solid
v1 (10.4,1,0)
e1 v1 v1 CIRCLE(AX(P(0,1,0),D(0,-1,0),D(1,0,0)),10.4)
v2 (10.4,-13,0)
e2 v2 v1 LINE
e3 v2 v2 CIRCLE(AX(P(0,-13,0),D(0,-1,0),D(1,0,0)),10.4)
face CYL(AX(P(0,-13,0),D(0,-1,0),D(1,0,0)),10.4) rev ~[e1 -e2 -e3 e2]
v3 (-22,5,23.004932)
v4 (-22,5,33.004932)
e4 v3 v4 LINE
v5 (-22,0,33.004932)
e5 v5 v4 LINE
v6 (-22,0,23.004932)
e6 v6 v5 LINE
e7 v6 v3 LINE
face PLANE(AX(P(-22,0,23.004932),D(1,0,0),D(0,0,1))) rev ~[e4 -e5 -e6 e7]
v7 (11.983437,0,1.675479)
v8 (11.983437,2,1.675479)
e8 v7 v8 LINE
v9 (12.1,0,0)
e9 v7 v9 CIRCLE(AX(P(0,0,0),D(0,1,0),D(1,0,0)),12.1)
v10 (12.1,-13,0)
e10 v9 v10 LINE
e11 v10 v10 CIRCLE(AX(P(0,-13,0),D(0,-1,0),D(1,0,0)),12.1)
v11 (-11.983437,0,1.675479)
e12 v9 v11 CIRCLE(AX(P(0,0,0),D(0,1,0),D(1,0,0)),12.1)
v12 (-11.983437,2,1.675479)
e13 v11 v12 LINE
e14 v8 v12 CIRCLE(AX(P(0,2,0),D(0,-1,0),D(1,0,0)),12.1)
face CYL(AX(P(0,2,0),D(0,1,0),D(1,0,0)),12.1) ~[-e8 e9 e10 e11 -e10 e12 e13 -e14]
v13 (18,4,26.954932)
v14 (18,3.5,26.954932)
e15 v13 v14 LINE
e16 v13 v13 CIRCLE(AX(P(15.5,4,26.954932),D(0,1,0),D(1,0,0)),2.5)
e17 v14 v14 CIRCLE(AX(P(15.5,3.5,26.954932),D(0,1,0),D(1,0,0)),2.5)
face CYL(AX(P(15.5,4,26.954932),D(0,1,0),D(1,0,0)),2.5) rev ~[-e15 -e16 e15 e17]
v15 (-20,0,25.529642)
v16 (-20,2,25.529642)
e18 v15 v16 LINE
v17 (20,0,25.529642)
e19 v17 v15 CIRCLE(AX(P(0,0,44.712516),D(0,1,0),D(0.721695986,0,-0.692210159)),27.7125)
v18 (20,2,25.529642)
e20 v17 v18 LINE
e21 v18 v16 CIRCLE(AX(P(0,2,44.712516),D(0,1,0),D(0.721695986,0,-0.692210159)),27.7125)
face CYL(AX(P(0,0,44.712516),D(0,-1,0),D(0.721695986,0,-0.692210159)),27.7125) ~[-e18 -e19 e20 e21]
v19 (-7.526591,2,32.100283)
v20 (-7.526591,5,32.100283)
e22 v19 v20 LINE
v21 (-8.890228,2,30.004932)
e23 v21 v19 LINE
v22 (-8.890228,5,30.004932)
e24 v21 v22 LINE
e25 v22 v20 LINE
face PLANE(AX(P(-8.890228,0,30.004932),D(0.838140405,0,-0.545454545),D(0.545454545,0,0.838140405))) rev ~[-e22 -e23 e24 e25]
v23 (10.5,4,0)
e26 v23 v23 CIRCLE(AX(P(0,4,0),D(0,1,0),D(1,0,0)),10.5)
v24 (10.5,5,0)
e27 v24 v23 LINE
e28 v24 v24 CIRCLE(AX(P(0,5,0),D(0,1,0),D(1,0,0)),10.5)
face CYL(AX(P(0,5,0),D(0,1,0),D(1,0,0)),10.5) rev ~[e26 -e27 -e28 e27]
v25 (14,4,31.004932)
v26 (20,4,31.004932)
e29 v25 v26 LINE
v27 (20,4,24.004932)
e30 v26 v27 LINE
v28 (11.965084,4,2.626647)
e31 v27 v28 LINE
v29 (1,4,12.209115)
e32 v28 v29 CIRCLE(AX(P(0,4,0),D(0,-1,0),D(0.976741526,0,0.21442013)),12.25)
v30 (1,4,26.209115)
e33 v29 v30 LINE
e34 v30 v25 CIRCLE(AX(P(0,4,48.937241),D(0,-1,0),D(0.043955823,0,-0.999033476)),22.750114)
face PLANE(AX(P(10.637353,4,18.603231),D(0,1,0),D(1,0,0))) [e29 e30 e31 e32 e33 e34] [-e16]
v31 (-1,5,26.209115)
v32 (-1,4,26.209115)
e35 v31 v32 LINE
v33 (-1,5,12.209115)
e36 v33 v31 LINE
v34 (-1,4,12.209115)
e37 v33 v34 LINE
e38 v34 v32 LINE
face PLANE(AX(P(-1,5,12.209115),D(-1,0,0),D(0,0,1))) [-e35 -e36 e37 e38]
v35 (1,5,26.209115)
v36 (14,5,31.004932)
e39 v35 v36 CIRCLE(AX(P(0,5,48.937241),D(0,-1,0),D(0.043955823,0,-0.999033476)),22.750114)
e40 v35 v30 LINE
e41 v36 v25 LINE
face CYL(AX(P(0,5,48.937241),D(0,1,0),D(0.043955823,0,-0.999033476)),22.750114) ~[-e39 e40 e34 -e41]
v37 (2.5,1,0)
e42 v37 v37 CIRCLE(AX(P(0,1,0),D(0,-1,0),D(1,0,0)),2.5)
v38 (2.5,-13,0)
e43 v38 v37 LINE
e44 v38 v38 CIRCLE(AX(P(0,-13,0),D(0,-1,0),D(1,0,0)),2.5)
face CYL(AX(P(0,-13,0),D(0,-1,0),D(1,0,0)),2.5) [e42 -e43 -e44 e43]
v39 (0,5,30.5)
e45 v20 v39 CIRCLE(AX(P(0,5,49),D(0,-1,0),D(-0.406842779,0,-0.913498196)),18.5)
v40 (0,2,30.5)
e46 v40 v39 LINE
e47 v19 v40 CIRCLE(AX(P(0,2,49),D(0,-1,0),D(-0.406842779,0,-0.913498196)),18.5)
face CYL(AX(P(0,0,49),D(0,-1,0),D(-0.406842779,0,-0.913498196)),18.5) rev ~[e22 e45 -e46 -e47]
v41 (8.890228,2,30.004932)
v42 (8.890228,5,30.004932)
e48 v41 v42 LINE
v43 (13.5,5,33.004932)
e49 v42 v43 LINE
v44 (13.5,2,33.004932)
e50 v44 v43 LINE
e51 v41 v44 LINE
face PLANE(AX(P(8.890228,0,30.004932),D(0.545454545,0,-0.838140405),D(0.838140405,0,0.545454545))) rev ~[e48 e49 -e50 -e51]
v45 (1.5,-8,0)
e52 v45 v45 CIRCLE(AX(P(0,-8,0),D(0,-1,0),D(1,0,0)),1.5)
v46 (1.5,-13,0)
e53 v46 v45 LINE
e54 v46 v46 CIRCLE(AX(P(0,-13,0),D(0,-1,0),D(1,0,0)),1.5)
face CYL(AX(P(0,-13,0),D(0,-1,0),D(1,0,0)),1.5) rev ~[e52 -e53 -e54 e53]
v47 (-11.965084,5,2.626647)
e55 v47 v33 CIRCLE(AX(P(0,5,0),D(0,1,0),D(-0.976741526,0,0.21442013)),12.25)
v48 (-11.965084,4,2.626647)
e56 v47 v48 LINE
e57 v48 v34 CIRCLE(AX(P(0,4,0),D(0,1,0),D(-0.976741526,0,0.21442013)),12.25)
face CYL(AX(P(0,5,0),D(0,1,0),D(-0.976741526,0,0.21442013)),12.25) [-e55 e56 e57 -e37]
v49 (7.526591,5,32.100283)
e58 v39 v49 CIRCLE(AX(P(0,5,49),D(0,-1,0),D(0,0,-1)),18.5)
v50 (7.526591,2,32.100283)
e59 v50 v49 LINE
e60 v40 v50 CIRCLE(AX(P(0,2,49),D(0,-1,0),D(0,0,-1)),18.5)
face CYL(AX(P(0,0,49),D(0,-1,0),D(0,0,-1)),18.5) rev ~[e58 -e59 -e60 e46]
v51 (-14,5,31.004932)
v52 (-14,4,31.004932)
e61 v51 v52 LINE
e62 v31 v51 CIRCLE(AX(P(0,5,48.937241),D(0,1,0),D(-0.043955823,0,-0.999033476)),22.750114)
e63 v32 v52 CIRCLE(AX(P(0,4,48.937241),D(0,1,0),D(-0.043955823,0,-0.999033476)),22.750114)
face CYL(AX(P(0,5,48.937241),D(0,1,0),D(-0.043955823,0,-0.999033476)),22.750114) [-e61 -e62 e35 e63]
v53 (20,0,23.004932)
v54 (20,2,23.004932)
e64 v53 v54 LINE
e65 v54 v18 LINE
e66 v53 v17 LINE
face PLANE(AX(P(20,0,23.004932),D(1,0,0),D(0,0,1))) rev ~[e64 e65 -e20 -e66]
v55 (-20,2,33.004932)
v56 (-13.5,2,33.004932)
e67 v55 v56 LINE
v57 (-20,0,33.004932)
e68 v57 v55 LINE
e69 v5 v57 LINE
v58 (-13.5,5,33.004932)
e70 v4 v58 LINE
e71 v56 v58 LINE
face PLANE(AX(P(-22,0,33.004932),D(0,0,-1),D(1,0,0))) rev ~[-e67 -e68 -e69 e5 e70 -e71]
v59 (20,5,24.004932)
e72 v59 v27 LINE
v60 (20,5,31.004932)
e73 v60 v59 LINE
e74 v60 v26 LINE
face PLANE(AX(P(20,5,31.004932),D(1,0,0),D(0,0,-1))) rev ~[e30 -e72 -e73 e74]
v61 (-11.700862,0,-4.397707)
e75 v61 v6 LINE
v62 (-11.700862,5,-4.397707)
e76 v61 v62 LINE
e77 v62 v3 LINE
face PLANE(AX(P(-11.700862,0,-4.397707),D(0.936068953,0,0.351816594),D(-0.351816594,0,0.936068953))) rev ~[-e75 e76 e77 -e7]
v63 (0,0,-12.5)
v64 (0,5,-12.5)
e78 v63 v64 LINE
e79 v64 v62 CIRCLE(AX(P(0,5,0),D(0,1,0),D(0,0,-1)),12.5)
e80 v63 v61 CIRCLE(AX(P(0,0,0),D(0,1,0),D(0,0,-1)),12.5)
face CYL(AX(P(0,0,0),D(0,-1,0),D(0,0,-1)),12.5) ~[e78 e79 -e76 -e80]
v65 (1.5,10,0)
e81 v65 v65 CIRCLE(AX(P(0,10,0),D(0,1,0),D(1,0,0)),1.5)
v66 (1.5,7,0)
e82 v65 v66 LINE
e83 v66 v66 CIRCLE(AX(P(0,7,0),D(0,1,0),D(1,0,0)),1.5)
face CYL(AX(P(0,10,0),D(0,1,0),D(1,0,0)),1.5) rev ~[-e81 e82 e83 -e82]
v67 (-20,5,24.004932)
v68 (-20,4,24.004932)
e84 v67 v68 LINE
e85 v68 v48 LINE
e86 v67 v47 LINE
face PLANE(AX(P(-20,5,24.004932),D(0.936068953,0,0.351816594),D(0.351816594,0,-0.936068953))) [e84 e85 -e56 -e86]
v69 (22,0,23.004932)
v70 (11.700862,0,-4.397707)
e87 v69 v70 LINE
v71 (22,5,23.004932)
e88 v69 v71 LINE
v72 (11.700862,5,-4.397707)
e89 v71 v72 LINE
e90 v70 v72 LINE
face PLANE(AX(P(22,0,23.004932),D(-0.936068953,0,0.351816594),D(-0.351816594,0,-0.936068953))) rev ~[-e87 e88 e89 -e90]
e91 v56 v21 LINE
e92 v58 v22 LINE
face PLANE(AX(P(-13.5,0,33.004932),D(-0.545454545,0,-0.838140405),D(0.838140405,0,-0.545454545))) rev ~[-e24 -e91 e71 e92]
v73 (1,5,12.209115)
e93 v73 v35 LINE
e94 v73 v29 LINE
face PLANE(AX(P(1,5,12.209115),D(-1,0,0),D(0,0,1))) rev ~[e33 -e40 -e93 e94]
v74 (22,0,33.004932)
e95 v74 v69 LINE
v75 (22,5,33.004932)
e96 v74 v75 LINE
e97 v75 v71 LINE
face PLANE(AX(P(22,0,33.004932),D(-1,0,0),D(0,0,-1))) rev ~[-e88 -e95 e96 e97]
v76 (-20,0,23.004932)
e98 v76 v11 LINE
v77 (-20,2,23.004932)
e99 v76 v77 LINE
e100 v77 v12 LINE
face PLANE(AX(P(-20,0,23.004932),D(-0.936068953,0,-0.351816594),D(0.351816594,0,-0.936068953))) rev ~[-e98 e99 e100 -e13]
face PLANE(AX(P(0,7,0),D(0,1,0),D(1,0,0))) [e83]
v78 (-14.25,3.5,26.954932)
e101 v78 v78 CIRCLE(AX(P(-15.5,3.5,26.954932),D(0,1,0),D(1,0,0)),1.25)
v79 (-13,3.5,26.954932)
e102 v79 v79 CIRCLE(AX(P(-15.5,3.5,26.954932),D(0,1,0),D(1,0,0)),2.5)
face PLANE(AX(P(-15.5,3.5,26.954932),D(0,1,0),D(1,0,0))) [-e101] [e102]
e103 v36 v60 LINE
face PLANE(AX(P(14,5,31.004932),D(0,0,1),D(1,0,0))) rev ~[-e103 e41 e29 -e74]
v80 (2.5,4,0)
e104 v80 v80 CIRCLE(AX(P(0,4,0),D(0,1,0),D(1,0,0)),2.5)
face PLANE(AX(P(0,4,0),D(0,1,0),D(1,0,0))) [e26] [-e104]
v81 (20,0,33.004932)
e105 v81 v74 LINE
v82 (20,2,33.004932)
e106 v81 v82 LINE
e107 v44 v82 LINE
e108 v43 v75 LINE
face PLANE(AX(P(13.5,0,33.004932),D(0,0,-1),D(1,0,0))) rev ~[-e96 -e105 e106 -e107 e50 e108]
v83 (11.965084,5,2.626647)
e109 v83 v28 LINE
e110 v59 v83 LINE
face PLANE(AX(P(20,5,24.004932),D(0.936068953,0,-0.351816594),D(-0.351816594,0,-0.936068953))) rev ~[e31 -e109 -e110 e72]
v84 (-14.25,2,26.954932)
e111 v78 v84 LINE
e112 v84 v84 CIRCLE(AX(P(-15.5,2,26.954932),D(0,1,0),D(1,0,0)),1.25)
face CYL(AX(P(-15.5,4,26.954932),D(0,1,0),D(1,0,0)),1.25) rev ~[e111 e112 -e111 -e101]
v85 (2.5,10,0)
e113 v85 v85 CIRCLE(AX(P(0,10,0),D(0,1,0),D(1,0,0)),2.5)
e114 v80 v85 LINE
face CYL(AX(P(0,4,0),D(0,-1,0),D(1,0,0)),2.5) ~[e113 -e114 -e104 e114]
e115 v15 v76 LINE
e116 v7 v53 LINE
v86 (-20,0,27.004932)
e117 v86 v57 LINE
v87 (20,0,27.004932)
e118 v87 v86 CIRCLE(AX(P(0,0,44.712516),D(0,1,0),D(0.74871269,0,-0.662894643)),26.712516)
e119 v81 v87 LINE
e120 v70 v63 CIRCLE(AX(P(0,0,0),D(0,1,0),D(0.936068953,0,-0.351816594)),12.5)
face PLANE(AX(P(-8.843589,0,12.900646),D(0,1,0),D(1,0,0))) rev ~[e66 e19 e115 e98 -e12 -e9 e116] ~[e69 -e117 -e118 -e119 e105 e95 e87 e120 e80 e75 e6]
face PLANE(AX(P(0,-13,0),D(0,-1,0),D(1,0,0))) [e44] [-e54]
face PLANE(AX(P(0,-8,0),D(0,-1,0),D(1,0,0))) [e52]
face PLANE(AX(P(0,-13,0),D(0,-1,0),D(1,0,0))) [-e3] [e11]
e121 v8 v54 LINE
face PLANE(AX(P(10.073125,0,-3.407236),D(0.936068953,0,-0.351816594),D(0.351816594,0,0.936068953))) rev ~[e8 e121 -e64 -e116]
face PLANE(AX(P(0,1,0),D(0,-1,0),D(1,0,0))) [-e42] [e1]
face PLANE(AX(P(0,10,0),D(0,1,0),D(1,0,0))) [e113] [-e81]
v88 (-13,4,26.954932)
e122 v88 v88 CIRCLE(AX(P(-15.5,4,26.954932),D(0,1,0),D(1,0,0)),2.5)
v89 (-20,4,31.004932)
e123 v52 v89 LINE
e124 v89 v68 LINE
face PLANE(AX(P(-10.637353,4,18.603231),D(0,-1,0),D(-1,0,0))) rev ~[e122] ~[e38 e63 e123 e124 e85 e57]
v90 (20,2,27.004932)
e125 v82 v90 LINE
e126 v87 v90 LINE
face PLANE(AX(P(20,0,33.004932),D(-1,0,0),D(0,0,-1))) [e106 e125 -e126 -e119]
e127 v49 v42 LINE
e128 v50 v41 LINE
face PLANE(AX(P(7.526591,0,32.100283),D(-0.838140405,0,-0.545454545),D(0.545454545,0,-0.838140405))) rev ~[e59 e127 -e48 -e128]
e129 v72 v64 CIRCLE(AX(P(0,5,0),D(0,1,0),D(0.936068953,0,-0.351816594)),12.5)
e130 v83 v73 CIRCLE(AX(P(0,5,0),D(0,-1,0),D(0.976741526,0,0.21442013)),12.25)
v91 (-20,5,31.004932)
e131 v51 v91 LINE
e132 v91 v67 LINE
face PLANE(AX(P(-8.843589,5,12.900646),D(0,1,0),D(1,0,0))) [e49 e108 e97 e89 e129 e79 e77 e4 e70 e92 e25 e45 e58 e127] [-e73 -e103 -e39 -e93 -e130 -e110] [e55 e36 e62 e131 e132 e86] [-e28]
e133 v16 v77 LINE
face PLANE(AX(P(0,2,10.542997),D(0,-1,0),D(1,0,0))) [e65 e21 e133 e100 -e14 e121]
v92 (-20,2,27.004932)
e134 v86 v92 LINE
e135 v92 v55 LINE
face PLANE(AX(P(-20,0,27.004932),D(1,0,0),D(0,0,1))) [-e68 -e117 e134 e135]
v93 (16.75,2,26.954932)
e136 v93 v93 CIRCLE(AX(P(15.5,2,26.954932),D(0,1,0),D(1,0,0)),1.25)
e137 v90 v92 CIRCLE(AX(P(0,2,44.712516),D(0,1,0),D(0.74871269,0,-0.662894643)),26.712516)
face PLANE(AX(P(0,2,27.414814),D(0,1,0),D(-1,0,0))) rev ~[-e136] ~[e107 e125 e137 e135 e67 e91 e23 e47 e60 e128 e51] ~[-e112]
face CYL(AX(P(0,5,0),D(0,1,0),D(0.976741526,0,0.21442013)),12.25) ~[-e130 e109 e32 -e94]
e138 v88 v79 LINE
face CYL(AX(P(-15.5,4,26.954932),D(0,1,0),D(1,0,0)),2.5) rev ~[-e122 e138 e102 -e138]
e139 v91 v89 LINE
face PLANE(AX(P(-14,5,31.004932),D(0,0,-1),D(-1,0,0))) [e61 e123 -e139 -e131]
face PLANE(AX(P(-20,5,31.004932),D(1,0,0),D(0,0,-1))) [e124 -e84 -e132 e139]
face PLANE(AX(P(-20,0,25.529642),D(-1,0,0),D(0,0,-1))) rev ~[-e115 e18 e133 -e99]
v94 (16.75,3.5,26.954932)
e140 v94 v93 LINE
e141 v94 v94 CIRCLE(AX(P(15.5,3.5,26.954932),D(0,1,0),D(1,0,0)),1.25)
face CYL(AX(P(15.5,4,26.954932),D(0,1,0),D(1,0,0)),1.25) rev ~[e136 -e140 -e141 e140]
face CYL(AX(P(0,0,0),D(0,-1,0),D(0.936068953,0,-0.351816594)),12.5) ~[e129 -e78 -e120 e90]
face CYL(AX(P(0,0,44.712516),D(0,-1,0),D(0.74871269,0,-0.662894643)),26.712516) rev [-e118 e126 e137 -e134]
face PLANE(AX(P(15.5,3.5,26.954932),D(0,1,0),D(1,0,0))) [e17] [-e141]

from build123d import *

# Parameters (mm, degrees)
BOSS_EXTRUDE1_DEPTH = 5
SKETCH3_R           = 10.5
CUT_EXTRUDE1_DEPTH  = 1
SKETCH4_R           = 2.5
BOSS_EXTRUDE2_DEPTH = 6
SKETCH5_R           = 1.5
CUT_EXTRUDE2_DEPTH  = 3
CUT_EXTRUDE3_DEPTH  = 1
SKETCH7_R           = 1.25
CUT_EXTRUDE4_DEPTH  = 5
SKETCH8_R           = 2.5
CUT_EXTRUDE5_DEPTH  = 0.5
CUT_EXTRUDE6_DEPTH  = 2
CUT_EXTRUDE7_DEPTH  = 2
SKETCH12_R          = 12.1
BOSS_EXTRUDE3_DEPTH = 15
SKETCH13_R          = 10.4
SKETCH13_R_2        = 2.5
CUT_EXTRUDE8_DEPTH  = 14
SKETCH14_R          = 1.5
CUT_EXTRUDE9_DEPTH  = 5


with BuildPart() as part:
    # Sketch1 → Boss-Extrude1 (new body)
    with BuildSketch(Plane(origin=(0, 0, 0), x_dir=(1, 0, 0), z_dir=(0, 1, 0))):
        with BuildLine():
            Line((-22, -23.004932369), (-22, -33.004932369))
            Line((-22, -33.004932369), (-13.5, -33.004932369))
            Line((-13.5, -33.004932369), (-8.890227771, -30.004932369))
            Line((-8.890227771, -30.004932369), (-7.526591408, -32.100283382))
            ThreePointArc((-7.526591408, -32.100283382), (-3.847417482, -30.904492858), (0, -30.5))
            Line((0, -30.5), (0, 12.5))
            ThreePointArc((0, 12.5), (-7.116131574, 10.276705281), (-11.700861907, 4.397707428))
            Line((-11.700861907, 4.397707428), (-22, -23.004932369))
        make_face()
        with BuildLine():
            ThreePointArc((11.700861907, 4.397707428), (7.116131574, 10.276705281), (0, 12.5))
            Line((0, 12.5), (0, -30.5))
            ThreePointArc((0, -30.5), (3.847417482, -30.904492858), (7.526591408, -32.100283382))
            Line((7.526591408, -32.100283382), (8.890227771, -30.004932369))
            Line((8.890227771, -30.004932369), (13.5, -33.004932369))
            Line((13.5, -33.004932369), (22, -33.004932369))
            Line((22, -33.004932369), (22, -23.004932369))
            Line((22, -23.004932369), (11.700861907, 4.397707428))
        make_face()
    extrude(amount=BOSS_EXTRUDE1_DEPTH)

    # Sketch3 → Cut-Extrude1 (cut)
    with BuildSketch(Plane(origin=(0, 5, 0), x_dir=(1, 0, 0), z_dir=(0, 1, 0))):
        Circle(SKETCH3_R)
    extrude(amount=-CUT_EXTRUDE1_DEPTH, mode=Mode.SUBTRACT)

    # Sketch4 → Boss-Extrude2 (add)
    with BuildSketch(Plane(origin=(0, 4, 0), x_dir=(1, 0, 0), z_dir=(0, 1, 0))):
        Circle(SKETCH4_R)
    extrude(amount=BOSS_EXTRUDE2_DEPTH)

    # Sketch5 → Cut-Extrude2 (cut)
    with BuildSketch(Plane(origin=(0, 10, 0), x_dir=(1, 0, 0), z_dir=(0, 1, 0))):
        Circle(SKETCH5_R)
    extrude(amount=-CUT_EXTRUDE2_DEPTH, mode=Mode.SUBTRACT)

    # Sketch6 → Cut-Extrude3 (cut)
    with BuildSketch(Plane(origin=(0, 5, 0), x_dir=(1, 0, 0), z_dir=(0, 1, 0))):
        with BuildLine():
            Line((-1, -12.209115447), (-1, -26.209115447))
            ThreePointArc((-1, -26.209115447), (-7.874005651, -27.593208423), (-14, -31.004932369))
            Line((-14, -31.004932369), (-20, -31.004932369))
            Line((-20, -31.004932369), (-20, -24.004932369))
            Line((-20, -24.004932369), (-11.96508369, -2.626646587))
            ThreePointArc((-11.96508369, -2.626646587), (-8.060972406, -9.224056801), (-1, -12.209115447))
        make_face()
        with BuildLine():
            Line((20, -24.004932369), (11.96508369, -2.626646587))
            ThreePointArc((11.96508369, -2.626646587), (8.060972406, -9.224056801), (1, -12.209115447))
            Line((1, -12.209115447), (1, -26.209115447))
            ThreePointArc((1, -26.209115447), (7.874005651, -27.593208423), (14, -31.004932369))
            Line((14, -31.004932369), (20, -31.004932369))
            Line((20, -31.004932369), (20, -24.004932369))
        make_face()
    extrude(amount=-CUT_EXTRUDE3_DEPTH, mode=Mode.SUBTRACT)

    # Sketch7 → Cut-Extrude4 (cut, through all)
    with BuildSketch(Plane(origin=(0, 4, 0), x_dir=(1, 0, 0), z_dir=(0, 1, 0))):
        with Locations((-15.5, -26.954932369)):
            Circle(SKETCH7_R)
        with Locations((15.5, -26.954932369)):
            Circle(SKETCH7_R)
    extrude(amount=-CUT_EXTRUDE4_DEPTH, mode=Mode.SUBTRACT)

    # Sketch8 → Cut-Extrude5 (cut)
    with BuildSketch(Plane(origin=(0, 4, 0), x_dir=(1, 0, 0), z_dir=(0, 1, 0))):
        with Locations((-15.5, -26.954932369)):
            Circle(SKETCH8_R)
        with Locations((15.5, -26.954932369)):
            Circle(SKETCH8_R)
    extrude(amount=-CUT_EXTRUDE5_DEPTH, mode=Mode.SUBTRACT)

    # Sketch9 → Cut-Extrude6 (cut)
    with BuildSketch(Plane.XZ):
        with BuildLine():
            Line((20, 33.004932369), (20, 27.004932369))
            ThreePointArc((20, 27.004932369), (0, 18), (-20, 27.004932369))
            Line((-20, 27.004932369), (-20, 33.004932369))
            Line((-20, 33.004932369), (20, 33.004932369))
        make_face()
    extrude(amount=-CUT_EXTRUDE6_DEPTH, mode=Mode.SUBTRACT)

    # Sketch11 → Cut-Extrude7 (cut)
    with BuildSketch(Plane.XZ):
        with BuildLine():
            Line((-20, 23.004932369), (-10.073125454, -3.40723582))
            ThreePointArc((-10.073125454, -3.40723582), (0, -10.633772254), (10.073125454, -3.40723582))
            Line((10.073125454, -3.40723582), (20, 23.004932369))
            Line((20, 23.004932369), (20, 25.529642354))
            ThreePointArc((20, 25.529642354), (0, 17.000016389), (-20, 25.529642354))
            Line((-20, 25.529642354), (-20, 23.004932369))
        make_face()
    extrude(amount=-CUT_EXTRUDE7_DEPTH, mode=Mode.SUBTRACT)

    # Sketch12 → Boss-Extrude3 (add)
    with BuildSketch(Plane.XZ.offset(-2)):
        Circle(SKETCH12_R)
    extrude(amount=BOSS_EXTRUDE3_DEPTH)

    # Sketch13 → Cut-Extrude8 (cut)
    with BuildSketch(Plane.XZ.offset(13)):
        Circle(SKETCH13_R)
        Circle(SKETCH13_R_2, mode=Mode.SUBTRACT)
    extrude(amount=-CUT_EXTRUDE8_DEPTH, mode=Mode.SUBTRACT)

    # Sketch14 → Cut-Extrude9 (cut)
    with BuildSketch(Plane.XZ.offset(13)):
        Circle(SKETCH14_R)
    extrude(amount=-CUT_EXTRUDE9_DEPTH, mode=Mode.SUBTRACT)


solid = part.part
